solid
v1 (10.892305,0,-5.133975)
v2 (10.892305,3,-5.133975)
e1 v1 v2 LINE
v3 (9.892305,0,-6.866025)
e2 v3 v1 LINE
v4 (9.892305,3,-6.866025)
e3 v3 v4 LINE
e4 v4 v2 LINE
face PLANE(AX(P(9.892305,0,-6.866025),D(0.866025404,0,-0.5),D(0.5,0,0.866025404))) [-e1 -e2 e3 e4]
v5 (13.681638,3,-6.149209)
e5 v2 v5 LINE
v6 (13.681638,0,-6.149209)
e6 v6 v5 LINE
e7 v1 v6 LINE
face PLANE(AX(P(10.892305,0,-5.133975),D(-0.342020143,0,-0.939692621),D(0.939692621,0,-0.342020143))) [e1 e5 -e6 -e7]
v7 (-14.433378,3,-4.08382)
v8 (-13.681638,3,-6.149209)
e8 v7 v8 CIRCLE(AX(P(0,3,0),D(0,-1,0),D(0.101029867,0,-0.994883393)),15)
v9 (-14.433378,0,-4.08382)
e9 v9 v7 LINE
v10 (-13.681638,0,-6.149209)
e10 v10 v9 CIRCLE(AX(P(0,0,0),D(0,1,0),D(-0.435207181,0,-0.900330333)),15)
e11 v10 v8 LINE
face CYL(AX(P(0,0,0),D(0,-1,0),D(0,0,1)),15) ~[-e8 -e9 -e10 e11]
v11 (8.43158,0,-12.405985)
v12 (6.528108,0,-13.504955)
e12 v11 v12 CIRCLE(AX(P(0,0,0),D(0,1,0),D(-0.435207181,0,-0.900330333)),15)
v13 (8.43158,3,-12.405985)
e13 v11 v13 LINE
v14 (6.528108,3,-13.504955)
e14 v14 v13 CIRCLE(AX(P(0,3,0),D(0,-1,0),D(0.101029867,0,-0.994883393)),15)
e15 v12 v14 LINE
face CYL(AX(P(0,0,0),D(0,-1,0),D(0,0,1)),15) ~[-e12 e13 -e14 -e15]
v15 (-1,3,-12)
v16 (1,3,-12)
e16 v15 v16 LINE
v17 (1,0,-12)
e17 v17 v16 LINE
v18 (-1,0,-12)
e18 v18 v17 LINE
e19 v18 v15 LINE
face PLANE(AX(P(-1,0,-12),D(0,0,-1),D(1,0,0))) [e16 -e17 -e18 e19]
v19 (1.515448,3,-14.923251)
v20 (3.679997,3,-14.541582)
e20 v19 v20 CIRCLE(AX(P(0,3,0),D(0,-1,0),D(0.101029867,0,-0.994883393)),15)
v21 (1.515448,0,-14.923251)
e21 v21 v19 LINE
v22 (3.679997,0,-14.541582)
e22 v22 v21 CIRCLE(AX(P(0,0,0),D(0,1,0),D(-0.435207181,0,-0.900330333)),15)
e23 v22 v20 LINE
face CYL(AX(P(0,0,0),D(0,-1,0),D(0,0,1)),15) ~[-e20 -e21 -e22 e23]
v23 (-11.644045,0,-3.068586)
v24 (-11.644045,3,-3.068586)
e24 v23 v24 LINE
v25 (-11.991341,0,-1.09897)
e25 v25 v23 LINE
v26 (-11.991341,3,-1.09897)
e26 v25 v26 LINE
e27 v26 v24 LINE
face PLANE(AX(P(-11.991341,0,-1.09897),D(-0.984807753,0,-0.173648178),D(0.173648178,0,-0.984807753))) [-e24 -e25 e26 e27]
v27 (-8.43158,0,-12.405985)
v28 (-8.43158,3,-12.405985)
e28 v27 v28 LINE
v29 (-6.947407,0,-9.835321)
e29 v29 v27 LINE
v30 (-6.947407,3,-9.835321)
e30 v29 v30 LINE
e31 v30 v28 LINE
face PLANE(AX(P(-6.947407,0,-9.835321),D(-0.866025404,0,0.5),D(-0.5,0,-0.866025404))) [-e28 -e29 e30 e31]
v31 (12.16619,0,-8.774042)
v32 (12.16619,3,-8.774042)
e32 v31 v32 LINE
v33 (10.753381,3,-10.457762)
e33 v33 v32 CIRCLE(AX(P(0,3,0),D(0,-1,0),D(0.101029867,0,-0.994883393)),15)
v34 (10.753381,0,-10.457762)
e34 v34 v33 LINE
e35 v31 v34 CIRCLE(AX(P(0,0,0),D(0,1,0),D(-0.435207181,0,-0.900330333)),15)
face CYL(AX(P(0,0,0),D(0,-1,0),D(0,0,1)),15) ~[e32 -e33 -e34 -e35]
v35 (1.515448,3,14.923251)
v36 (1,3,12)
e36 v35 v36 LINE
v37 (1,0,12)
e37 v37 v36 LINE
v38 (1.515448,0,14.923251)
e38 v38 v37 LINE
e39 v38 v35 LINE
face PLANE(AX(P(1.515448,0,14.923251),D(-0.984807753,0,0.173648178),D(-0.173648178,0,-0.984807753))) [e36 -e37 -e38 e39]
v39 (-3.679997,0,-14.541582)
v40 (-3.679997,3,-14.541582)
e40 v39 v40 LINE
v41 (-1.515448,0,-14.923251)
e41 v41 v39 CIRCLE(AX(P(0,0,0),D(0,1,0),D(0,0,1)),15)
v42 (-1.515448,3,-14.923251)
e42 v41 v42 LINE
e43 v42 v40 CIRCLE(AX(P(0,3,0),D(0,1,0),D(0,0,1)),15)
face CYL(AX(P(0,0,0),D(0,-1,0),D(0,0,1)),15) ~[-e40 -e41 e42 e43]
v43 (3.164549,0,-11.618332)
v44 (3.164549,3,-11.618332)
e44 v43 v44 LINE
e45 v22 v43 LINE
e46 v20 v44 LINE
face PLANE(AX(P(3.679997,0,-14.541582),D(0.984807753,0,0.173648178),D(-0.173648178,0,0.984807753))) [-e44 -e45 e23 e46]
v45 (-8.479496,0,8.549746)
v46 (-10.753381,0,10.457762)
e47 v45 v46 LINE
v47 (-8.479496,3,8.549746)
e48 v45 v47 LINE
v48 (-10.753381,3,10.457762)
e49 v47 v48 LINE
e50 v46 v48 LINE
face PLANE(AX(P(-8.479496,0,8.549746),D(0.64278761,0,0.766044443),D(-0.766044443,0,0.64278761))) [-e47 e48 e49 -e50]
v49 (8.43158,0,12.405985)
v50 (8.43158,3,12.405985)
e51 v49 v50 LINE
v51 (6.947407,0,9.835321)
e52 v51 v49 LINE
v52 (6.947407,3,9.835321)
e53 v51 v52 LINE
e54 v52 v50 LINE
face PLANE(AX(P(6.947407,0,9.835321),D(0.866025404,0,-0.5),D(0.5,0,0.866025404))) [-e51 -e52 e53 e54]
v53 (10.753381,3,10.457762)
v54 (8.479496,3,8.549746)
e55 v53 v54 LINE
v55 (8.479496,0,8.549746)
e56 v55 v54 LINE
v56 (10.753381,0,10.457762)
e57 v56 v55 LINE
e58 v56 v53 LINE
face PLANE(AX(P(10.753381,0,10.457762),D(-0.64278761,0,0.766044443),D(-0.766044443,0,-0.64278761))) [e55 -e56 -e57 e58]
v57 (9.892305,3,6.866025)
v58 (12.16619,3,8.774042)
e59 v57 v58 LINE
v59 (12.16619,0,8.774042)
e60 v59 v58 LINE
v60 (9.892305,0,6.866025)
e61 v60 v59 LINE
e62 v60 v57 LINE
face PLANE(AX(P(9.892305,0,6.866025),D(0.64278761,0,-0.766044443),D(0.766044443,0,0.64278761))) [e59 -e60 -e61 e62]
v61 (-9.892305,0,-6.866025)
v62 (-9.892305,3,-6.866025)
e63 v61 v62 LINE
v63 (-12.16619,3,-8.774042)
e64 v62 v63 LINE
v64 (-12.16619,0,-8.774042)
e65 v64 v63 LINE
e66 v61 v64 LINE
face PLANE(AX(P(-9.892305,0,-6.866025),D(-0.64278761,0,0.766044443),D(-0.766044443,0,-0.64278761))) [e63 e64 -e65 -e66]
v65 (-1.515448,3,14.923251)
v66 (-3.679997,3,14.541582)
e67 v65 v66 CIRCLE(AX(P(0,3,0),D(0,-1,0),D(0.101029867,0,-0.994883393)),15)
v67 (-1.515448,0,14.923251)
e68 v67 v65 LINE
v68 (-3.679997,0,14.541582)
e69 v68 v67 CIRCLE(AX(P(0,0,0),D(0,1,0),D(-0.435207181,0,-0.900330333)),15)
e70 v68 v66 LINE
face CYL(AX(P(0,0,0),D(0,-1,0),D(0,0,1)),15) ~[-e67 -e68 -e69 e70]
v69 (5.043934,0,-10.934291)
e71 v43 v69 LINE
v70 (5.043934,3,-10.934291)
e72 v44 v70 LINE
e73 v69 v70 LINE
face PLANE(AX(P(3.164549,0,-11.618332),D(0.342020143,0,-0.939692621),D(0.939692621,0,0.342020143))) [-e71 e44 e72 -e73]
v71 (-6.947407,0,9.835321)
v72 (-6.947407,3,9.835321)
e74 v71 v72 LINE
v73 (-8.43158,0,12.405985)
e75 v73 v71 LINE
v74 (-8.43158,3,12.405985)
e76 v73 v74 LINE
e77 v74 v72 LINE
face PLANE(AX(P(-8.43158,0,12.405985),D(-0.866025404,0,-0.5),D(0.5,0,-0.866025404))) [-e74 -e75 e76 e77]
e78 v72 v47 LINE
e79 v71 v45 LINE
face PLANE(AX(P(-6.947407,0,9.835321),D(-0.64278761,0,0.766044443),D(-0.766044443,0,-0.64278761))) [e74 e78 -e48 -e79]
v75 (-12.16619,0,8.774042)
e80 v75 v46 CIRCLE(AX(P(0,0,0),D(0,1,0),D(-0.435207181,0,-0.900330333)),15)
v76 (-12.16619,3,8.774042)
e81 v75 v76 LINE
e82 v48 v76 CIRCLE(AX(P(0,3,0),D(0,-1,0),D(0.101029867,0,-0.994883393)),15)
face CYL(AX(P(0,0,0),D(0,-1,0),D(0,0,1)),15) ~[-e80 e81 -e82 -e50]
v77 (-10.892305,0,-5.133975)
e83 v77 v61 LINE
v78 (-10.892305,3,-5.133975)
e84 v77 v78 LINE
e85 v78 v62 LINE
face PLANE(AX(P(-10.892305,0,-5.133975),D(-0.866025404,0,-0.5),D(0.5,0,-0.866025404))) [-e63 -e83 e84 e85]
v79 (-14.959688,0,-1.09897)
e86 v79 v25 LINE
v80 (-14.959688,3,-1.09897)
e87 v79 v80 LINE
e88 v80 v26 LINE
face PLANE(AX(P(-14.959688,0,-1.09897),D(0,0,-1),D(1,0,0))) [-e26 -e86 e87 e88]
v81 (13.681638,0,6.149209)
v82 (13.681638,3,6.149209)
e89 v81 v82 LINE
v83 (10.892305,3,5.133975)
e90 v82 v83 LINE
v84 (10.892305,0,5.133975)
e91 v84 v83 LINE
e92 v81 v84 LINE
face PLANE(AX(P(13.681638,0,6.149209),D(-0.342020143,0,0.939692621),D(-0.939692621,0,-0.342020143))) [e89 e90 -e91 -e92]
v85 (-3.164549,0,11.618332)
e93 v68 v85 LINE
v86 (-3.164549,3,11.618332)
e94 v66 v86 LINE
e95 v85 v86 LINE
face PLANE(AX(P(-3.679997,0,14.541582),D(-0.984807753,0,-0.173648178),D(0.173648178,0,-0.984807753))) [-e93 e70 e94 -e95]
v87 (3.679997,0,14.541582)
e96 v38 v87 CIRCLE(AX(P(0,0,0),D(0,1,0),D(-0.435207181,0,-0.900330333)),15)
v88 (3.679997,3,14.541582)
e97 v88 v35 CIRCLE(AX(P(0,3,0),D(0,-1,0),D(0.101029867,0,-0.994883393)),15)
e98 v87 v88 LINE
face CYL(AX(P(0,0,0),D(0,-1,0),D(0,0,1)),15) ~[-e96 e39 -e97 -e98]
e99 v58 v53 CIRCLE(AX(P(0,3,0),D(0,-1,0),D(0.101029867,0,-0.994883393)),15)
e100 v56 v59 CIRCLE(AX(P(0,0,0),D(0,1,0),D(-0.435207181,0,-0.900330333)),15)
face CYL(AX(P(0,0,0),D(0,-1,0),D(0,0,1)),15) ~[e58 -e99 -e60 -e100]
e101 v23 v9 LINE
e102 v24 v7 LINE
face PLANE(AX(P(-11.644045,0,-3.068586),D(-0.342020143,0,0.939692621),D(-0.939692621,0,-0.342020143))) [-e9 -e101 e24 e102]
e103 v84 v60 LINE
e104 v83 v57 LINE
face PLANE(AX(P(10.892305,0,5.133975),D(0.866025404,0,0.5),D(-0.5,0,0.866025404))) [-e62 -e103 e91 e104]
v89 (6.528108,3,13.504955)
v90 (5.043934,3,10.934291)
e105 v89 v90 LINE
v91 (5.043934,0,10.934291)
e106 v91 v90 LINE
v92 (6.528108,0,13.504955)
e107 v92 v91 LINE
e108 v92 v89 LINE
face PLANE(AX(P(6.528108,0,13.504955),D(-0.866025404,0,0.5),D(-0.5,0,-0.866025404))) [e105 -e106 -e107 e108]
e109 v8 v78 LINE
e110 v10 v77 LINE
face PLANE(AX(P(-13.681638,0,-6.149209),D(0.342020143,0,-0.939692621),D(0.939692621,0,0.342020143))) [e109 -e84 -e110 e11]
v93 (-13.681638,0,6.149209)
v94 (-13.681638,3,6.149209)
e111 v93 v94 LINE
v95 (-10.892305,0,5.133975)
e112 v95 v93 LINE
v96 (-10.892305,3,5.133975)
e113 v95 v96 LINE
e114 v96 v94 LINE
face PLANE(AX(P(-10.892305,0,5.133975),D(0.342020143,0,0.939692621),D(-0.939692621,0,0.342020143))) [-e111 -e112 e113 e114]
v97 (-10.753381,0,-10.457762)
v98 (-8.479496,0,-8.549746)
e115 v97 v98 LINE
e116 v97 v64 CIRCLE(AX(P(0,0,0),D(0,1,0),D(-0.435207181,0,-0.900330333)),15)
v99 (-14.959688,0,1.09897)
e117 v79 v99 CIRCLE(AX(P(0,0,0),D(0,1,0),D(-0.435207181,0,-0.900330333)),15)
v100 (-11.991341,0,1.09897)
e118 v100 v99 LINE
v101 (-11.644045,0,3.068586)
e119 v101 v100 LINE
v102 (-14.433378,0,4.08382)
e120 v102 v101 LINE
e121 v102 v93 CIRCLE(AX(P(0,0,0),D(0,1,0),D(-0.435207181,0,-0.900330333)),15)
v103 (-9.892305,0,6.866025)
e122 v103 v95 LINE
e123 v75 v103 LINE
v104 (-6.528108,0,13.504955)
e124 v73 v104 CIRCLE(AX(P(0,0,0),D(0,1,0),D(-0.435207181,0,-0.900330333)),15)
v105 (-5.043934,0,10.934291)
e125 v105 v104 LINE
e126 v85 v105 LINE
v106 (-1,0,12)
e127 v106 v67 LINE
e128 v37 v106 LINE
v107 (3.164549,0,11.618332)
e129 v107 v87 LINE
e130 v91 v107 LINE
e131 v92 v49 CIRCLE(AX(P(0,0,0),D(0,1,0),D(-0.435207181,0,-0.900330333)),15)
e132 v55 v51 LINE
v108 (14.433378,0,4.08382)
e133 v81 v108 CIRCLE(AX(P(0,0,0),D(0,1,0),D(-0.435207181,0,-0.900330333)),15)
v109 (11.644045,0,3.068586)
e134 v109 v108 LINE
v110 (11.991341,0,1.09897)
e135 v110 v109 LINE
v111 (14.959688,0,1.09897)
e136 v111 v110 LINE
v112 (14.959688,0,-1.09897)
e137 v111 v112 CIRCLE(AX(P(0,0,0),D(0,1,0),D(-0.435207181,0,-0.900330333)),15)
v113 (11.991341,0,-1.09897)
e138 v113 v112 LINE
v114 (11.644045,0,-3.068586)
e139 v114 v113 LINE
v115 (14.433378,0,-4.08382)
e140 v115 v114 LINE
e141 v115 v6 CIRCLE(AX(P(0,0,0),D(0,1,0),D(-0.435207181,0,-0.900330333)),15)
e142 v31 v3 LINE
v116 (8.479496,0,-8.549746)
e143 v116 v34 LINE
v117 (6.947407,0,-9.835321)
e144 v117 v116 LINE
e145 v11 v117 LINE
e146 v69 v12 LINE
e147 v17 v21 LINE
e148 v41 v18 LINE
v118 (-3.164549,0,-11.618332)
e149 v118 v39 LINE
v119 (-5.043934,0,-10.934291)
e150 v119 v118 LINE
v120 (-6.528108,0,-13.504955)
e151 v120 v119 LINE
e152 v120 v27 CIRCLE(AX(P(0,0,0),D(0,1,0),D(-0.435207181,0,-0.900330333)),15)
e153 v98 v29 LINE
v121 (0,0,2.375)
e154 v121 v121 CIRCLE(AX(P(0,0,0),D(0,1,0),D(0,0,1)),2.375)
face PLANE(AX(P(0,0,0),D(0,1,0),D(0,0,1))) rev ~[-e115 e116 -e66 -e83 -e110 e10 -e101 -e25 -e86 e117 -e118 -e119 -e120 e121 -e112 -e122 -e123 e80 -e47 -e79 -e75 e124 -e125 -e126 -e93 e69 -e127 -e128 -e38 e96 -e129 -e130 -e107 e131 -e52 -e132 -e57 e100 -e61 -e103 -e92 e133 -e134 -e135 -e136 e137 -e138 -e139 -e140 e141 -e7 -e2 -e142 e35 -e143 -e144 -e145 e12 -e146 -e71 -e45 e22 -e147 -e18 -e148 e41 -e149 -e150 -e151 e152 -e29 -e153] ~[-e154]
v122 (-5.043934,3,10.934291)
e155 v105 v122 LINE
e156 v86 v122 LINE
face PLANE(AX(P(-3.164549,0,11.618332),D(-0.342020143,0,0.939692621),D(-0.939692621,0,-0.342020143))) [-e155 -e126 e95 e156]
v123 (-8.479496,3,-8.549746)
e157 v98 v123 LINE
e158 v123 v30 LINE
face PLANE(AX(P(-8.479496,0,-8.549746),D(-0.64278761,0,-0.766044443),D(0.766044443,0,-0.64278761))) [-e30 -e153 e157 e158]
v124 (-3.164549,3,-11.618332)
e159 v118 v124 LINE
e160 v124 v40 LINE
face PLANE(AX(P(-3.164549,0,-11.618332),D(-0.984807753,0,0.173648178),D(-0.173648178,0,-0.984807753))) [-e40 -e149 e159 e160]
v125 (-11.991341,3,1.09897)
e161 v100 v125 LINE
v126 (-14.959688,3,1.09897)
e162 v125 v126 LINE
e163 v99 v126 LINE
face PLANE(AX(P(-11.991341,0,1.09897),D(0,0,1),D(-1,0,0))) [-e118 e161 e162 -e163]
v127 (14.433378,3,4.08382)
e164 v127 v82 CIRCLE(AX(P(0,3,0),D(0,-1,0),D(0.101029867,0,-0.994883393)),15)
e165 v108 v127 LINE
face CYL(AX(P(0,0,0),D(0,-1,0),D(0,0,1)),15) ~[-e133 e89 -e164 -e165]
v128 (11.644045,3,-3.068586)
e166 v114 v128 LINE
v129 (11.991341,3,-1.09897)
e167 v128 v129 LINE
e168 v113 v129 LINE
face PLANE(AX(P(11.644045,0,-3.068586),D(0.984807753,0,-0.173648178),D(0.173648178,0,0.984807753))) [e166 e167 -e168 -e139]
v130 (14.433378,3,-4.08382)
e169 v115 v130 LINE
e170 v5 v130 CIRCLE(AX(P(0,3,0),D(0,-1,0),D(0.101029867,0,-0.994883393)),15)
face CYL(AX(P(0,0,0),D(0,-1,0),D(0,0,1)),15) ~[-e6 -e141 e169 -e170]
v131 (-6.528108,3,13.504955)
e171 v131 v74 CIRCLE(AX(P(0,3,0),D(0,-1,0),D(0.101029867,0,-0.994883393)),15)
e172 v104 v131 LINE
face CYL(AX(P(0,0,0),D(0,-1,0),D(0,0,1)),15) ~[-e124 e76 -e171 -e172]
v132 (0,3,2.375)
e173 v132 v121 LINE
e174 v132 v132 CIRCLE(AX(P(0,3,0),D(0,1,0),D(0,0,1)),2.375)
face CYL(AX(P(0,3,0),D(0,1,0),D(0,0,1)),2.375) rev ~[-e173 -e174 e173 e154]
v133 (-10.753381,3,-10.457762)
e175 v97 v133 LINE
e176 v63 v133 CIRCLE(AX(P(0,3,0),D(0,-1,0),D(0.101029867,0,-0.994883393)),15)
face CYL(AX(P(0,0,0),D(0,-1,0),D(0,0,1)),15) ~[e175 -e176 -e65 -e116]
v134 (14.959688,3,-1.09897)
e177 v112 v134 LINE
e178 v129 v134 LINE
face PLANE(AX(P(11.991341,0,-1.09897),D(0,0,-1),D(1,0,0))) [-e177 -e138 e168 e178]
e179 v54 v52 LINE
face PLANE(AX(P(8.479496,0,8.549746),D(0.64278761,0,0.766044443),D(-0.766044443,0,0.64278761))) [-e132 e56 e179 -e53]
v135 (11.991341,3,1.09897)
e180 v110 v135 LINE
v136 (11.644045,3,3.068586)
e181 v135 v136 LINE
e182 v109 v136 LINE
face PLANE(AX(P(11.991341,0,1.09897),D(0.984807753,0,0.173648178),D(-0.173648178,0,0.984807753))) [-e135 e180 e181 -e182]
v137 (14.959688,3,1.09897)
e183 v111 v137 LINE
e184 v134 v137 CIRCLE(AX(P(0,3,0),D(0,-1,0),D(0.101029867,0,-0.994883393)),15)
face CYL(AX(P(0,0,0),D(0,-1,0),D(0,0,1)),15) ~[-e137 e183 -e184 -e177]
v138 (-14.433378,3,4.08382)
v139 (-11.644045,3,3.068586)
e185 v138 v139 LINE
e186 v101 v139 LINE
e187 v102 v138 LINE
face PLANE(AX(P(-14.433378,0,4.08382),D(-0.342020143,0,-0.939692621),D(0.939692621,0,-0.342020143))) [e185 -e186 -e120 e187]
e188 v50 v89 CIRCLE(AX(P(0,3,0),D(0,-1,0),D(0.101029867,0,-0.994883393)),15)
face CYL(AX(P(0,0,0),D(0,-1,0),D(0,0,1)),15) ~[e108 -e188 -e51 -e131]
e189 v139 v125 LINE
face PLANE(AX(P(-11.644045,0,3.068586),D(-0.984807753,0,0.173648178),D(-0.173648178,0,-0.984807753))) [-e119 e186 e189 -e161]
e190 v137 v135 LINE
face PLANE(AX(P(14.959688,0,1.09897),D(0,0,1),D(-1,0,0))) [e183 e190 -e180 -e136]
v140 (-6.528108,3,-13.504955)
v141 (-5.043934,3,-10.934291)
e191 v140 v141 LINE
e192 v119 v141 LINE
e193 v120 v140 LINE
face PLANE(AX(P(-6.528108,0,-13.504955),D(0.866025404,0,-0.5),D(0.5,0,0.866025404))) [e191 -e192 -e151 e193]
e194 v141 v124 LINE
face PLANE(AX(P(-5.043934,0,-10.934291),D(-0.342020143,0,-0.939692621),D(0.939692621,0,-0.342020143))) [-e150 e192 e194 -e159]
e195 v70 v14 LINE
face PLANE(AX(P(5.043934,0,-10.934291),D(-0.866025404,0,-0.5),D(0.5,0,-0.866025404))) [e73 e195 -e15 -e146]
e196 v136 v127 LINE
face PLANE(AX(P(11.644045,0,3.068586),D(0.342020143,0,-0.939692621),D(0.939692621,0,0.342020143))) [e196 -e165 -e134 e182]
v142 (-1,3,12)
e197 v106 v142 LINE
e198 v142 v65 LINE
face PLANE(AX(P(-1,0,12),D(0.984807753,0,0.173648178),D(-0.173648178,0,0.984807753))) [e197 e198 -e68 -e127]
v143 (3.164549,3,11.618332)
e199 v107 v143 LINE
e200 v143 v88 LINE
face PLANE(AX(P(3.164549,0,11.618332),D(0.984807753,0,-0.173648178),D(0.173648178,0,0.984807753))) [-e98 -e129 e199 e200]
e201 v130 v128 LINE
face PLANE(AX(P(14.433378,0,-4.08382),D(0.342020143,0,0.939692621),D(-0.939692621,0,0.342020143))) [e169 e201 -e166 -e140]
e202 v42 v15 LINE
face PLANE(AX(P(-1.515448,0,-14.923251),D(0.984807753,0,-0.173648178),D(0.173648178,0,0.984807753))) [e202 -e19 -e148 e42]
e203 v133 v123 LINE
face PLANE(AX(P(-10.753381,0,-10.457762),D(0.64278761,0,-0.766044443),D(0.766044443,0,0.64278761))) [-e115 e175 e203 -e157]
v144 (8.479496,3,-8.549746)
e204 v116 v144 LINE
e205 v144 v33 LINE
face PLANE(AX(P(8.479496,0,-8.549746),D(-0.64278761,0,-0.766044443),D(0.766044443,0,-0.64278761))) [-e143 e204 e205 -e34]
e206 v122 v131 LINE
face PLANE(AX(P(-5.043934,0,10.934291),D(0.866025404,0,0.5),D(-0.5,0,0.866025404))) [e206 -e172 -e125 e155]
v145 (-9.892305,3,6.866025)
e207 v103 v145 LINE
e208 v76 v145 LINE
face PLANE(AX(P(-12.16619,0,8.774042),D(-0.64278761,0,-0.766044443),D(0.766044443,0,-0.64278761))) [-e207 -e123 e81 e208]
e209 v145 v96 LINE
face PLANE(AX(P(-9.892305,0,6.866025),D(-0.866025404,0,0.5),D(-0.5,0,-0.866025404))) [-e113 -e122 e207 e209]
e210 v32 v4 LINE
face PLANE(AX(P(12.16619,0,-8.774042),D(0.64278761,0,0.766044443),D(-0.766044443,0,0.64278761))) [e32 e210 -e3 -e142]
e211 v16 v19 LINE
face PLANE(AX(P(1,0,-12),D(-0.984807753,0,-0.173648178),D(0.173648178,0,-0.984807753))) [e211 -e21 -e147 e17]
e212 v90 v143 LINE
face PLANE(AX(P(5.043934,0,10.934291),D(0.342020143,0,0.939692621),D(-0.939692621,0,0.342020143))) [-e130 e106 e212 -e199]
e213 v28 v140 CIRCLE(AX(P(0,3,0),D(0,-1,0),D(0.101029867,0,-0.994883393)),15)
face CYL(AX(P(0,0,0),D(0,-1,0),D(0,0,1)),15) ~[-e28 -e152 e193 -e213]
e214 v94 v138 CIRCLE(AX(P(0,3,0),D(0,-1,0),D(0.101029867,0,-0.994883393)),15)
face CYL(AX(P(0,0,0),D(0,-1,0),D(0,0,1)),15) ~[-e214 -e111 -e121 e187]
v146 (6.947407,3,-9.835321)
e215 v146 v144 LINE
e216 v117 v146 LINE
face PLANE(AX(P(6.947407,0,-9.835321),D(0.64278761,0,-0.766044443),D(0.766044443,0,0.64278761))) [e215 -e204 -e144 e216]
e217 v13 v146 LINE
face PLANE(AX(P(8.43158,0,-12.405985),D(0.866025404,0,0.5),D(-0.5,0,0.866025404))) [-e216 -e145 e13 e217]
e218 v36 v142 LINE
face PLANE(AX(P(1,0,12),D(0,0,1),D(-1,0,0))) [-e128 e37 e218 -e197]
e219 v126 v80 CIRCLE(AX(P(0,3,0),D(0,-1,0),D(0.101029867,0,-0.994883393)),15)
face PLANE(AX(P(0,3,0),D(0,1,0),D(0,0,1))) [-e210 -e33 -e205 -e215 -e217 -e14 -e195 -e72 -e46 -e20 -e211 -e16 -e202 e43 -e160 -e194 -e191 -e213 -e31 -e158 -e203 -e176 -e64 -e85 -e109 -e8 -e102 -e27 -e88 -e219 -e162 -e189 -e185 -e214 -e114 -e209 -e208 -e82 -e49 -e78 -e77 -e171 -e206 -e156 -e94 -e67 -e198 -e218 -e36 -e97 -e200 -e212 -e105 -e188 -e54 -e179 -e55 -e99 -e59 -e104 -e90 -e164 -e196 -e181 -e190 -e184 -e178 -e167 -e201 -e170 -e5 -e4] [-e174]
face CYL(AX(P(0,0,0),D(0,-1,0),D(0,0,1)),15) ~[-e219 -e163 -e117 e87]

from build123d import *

# Parameters (mm, degrees)
SKETCH_1_R               = 15
EXTRUDE_1_DEPTH          = 3
CUT_EXTRUDE_START        = -3
CUT_EXTRUDE_1_DEPTH      = 3
PATTERN_CIRCULAR_1_COUNT = 18
SKETCH_3_R               = 2.375
CUT_EXTRUDE_2_DEPTH      = 10


with BuildPart() as part:
    # Эскиз1 → Бобышка-Вытянуть1 (new body)
    with BuildSketch(Plane(origin=(0, 0, 0), x_dir=(1, 0, 0), z_dir=(0, 1, 0))):
        with Locations(Location((0, 0, 0), (0, 0, 270))):
            Circle(SKETCH_1_R)
    extrude(amount=EXTRUDE_1_DEPTH)

    # Эскиз2 → Вырез-Вытянуть1 (cut)
    with BuildSketch(Plane(origin=(0, 3, 0), x_dir=(1, 0, 0), z_dir=(0, 1, 0)).offset(CUT_EXTRUDE_START)):
        with BuildLine():
            ThreePointArc((1.515448005, 14.923250897), (0.75869511, 14.980800437), (0, 15))
            Line((0, 15), (0, 12))
            Line((0, 12), (1, 12))
            Line((1, 12), (1.515448005, 14.923250897))
        make_face()
        with BuildLine():
            Line((0, 12), (0, 15))
            ThreePointArc((0, 15), (-0.75869511, 14.980800437), (-1.515448005, 14.923250897))
            Line((-1.515448005, 14.923250897), (-1, 12))
            Line((-1, 12), (0, 12))
        make_face()
    cut_extrude_1 = extrude(amount=CUT_EXTRUDE_1_DEPTH, mode=Mode.SUBTRACT)

    # Круговой массив1: Вырез-Вытянуть1 ×18 about axis
    pattern_circular_1_axis = Axis((0, 0, 0), (0, 1, 0))
    for i in range(1, PATTERN_CIRCULAR_1_COUNT):
        add(cut_extrude_1.rotate(pattern_circular_1_axis, i * 360 / PATTERN_CIRCULAR_1_COUNT), mode=Mode.SUBTRACT)

    # Эскиз3 → Вырез-Вытянуть2 (cut)
    with BuildSketch(Plane(origin=(0, 3, 0), x_dir=(1, 0, 0), z_dir=(0, 1, 0))):
        with Locations(Location((0, 0, 0), (0, 0, 270))):
            Circle(SKETCH_3_R)
    extrude(amount=-CUT_EXTRUDE_2_DEPTH, mode=Mode.SUBTRACT)


solid = part.part
